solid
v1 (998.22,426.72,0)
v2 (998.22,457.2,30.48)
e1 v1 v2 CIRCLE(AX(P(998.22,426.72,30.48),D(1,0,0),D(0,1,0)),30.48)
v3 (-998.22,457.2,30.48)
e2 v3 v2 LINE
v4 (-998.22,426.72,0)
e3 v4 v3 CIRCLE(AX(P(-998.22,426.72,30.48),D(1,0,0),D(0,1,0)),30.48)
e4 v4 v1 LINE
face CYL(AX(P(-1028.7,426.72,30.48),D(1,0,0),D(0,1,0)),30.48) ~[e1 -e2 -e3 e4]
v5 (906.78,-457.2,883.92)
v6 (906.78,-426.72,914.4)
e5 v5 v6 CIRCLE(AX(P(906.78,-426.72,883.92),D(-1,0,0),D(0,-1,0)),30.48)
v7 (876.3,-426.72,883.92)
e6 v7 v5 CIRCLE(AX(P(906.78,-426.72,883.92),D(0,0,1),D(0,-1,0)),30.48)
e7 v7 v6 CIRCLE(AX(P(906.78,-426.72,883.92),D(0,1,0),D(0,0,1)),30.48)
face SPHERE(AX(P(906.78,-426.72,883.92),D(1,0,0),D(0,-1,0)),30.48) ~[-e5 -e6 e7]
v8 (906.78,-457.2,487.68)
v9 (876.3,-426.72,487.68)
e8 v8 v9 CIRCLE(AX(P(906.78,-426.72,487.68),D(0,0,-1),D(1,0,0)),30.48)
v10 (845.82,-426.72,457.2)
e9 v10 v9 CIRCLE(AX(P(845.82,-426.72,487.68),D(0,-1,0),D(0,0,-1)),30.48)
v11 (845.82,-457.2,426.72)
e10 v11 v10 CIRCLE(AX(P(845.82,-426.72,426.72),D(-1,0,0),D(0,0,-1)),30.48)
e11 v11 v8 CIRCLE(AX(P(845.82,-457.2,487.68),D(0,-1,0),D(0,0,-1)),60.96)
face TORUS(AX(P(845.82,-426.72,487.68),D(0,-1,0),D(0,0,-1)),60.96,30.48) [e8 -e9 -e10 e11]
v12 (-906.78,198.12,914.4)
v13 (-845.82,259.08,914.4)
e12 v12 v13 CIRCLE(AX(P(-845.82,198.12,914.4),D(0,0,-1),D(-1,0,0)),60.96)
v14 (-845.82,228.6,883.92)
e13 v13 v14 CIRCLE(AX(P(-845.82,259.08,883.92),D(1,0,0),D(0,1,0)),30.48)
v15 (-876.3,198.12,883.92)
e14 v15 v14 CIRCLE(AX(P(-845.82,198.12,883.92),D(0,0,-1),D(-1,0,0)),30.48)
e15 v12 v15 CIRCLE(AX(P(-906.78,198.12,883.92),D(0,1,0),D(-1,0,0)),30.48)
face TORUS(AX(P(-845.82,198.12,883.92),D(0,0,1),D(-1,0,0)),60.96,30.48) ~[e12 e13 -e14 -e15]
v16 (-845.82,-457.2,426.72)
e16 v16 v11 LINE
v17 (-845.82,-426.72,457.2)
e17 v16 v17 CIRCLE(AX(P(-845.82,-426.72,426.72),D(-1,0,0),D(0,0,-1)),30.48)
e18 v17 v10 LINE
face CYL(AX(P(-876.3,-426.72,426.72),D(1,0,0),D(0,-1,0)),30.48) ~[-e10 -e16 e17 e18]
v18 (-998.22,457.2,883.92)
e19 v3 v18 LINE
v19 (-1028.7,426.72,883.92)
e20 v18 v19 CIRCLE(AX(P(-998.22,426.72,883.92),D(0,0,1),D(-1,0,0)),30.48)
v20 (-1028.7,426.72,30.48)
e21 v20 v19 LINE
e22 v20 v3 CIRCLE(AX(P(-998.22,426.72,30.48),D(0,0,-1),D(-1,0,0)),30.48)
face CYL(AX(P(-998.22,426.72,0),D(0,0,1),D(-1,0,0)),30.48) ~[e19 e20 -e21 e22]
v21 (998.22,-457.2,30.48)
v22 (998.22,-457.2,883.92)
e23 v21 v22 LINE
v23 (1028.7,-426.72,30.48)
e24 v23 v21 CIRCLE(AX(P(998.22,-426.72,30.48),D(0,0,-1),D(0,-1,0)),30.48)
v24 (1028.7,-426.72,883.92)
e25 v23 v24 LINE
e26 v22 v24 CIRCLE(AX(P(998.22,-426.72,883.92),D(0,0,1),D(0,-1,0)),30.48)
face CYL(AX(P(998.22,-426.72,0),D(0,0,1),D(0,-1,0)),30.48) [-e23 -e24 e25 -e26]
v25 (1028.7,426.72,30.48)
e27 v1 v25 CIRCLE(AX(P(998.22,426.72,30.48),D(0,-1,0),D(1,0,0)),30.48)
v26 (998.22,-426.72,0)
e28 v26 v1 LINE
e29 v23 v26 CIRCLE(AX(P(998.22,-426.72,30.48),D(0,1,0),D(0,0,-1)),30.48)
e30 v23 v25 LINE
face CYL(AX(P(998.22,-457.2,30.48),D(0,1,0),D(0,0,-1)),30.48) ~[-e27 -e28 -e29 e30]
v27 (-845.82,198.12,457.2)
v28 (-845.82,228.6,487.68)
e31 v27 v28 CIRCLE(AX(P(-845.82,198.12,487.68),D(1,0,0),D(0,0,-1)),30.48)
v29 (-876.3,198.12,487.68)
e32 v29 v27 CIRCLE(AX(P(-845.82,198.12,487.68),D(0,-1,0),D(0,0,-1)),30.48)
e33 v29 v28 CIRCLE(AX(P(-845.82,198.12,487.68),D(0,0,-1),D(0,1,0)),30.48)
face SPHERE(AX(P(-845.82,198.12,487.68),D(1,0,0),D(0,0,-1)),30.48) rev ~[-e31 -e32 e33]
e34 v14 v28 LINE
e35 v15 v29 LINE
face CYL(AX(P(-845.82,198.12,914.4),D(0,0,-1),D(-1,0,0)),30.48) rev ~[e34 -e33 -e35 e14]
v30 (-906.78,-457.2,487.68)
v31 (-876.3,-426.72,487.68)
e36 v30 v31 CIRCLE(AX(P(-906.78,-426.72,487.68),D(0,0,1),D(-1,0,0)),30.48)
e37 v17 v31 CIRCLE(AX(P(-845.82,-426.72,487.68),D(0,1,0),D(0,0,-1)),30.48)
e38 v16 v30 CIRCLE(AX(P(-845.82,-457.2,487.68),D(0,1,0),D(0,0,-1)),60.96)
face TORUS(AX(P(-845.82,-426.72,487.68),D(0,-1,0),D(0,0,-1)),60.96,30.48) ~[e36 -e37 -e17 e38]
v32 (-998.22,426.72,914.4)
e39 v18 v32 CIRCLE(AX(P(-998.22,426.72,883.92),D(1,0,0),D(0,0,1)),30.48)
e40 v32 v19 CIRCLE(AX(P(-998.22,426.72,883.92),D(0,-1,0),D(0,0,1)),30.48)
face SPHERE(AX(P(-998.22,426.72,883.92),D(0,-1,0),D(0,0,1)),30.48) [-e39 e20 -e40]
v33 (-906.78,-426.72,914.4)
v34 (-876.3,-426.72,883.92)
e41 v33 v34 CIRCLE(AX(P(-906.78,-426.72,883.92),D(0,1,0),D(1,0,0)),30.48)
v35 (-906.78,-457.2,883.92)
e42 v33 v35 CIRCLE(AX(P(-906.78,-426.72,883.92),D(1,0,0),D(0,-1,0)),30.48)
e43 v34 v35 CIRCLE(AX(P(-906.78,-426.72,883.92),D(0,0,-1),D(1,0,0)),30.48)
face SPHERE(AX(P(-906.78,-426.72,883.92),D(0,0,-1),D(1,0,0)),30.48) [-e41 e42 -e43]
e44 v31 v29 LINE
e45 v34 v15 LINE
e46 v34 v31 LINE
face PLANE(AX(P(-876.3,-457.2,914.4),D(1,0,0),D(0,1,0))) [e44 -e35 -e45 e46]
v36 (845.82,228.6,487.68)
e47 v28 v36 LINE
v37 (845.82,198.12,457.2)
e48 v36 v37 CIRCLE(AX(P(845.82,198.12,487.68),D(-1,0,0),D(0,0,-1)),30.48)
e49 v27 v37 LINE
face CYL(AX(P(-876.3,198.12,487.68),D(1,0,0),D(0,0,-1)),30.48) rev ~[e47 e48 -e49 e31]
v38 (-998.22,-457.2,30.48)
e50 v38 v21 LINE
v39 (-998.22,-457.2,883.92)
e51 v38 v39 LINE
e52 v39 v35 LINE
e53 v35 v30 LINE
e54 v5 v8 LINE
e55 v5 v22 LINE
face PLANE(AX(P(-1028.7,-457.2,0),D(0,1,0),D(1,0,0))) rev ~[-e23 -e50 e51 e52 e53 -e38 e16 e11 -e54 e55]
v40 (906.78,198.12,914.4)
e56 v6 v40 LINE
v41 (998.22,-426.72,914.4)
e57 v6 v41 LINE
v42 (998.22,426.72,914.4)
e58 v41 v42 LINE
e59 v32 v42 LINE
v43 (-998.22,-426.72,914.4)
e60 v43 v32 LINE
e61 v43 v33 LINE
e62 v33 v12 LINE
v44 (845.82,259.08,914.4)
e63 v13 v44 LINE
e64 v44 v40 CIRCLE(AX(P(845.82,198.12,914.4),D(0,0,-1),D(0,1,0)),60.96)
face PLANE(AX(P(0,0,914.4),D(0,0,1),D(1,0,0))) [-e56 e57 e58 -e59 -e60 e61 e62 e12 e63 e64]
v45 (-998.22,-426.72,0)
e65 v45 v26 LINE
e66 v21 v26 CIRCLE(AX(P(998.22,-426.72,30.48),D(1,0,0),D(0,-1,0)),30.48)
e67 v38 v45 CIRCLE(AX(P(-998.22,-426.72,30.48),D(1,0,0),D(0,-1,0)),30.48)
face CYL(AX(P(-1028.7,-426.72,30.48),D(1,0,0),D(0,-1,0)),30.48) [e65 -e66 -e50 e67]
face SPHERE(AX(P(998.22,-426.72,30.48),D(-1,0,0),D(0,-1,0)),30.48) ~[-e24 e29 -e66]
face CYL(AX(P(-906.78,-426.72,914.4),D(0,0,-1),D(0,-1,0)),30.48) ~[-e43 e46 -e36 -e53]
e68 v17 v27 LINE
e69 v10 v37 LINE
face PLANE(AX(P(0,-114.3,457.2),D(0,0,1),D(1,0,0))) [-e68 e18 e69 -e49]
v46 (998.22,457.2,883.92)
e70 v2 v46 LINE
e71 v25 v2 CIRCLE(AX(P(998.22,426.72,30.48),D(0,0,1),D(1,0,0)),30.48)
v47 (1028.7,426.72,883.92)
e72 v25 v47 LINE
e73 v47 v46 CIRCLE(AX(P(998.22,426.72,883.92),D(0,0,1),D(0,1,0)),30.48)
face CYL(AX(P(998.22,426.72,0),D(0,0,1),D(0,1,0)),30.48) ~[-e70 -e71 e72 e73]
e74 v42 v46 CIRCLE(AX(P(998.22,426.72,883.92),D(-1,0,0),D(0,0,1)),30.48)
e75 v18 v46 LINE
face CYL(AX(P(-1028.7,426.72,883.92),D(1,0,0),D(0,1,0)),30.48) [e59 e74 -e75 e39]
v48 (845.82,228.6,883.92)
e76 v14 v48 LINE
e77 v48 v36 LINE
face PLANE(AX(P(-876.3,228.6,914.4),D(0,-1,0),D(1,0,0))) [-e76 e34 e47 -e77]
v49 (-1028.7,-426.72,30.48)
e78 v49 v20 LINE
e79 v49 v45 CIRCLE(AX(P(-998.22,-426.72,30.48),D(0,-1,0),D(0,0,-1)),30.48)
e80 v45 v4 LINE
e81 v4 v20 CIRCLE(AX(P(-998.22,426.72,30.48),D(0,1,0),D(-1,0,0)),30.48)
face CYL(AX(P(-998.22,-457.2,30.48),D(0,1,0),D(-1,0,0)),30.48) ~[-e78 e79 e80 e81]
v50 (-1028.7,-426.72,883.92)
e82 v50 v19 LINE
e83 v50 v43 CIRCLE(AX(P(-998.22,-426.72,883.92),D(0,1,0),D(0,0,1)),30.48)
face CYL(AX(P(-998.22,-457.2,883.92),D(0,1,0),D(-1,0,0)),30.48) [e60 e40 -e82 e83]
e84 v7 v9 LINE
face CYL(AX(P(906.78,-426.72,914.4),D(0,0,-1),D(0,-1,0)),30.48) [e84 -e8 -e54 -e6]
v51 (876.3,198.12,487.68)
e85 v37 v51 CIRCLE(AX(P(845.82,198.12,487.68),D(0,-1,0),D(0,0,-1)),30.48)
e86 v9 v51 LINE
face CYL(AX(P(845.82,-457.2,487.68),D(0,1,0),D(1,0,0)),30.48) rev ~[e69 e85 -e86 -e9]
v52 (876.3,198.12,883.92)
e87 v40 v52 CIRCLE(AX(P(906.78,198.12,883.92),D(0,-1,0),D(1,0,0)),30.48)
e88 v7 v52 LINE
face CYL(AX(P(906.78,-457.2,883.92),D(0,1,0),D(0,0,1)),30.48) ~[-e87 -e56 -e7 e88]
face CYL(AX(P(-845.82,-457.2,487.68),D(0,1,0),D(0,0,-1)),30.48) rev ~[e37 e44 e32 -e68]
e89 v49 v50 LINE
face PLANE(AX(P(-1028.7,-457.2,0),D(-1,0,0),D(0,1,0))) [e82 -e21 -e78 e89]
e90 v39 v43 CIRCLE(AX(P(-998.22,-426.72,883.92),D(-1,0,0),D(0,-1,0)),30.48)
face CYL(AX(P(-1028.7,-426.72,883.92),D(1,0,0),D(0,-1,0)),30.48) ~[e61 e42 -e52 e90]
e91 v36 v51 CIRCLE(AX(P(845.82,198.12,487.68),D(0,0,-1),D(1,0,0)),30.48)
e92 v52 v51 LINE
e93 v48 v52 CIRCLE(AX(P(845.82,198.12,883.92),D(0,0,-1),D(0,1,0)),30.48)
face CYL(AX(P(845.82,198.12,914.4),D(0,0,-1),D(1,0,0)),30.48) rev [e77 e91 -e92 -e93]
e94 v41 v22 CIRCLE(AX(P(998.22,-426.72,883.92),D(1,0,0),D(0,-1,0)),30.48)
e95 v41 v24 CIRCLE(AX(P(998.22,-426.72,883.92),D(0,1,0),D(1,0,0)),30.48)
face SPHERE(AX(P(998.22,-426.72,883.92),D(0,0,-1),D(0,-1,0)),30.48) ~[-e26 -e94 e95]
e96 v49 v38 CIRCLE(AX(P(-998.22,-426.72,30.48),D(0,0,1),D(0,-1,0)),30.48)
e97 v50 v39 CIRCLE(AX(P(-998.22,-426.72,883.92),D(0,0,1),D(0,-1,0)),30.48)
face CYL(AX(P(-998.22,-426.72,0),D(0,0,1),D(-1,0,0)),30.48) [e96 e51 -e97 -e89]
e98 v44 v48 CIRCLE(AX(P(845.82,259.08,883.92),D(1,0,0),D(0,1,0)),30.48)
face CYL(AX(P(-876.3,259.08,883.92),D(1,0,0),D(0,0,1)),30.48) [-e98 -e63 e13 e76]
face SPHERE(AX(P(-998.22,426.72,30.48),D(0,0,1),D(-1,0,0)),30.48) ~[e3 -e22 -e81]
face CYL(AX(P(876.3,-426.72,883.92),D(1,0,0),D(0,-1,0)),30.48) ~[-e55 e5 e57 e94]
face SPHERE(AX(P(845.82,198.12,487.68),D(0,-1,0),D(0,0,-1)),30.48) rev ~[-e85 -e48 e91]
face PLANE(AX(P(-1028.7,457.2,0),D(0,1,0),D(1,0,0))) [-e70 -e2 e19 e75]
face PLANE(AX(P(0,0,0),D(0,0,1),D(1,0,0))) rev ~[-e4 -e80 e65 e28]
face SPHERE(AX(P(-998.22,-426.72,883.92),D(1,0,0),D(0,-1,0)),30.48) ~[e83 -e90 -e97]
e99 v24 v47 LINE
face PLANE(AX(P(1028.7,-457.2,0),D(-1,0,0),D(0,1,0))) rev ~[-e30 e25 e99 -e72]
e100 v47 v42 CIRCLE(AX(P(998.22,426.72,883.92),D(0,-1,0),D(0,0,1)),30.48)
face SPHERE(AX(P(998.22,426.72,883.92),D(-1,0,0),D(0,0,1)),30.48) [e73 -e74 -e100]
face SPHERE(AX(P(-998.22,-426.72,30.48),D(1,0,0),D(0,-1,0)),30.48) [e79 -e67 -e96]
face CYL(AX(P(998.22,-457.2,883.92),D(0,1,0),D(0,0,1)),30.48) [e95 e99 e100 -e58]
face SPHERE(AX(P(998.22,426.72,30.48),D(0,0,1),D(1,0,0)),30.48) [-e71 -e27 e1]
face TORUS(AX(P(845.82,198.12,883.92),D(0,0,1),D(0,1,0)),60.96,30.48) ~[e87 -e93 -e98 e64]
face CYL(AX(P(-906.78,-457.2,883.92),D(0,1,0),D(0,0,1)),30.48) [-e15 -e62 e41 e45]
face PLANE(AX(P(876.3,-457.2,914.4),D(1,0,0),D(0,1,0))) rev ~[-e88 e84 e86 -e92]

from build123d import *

# Parameters (mm, degrees)
F0_W     = 2057.4
F0_H     = 914.4
F1_DEPTH = 914.4
F2_W     = 1752.6
F2_H     = 685.8
F3_DEPTH = 457.2
F4_R     = 30.48


with BuildPart() as f1:
    # F0 (on Top) → F1 (new body)
    with BuildSketch(Plane.XY):
        Rectangle(F0_W, F0_H)
    extrude(amount=F1_DEPTH)

    # F2 (on face) → F3 (cut)
    with BuildSketch(Plane.XY.offset(914.4)):
        with Locations((0, -114.3)):
            Rectangle(F2_W, F2_H)
    extrude(amount=-F3_DEPTH, mode=Mode.SUBTRACT)

    # F4
    f4_edges = [f1.edges().sort_by_distance(p)[0] for p in [
        (876.3, -114.3, 457.2),
        (0, 228.6, 457.2),
        (-876.3, -114.3, 457.2),
        (0, -457.2, 457.2),
        (-876.3, 228.6, 685.8),
        (-876.3, -457.2, 685.8),
        (-876.3, -114.3, 914.4),
        (876.3, 228.6, 685.8),
        (0, 228.6, 914.4),
        (0, -457.2, 0),
        (1028.7, -457.2, 457.2),
        (952.5, -457.2, 914.4),
        (876.3, -457.2, 685.8),
        (-952.5, -457.2, 914.4),
        (-1028.7, -457.2, 457.2),
        (-1028.7, 0, 914.4),
        (0, 457.2, 914.4),
        (1028.7, 0, 914.4),
        (876.3, -114.3, 914.4),
        (1028.7, 457.2, 457.2),
        (1028.7, 0, 0),
        (-1028.7, 457.2, 457.2),
        (-1028.7, 0, 0),
        (0, 457.2, 0),
    ]]
    fillet(f4_edges, radius=F4_R)


solid = f1.part
